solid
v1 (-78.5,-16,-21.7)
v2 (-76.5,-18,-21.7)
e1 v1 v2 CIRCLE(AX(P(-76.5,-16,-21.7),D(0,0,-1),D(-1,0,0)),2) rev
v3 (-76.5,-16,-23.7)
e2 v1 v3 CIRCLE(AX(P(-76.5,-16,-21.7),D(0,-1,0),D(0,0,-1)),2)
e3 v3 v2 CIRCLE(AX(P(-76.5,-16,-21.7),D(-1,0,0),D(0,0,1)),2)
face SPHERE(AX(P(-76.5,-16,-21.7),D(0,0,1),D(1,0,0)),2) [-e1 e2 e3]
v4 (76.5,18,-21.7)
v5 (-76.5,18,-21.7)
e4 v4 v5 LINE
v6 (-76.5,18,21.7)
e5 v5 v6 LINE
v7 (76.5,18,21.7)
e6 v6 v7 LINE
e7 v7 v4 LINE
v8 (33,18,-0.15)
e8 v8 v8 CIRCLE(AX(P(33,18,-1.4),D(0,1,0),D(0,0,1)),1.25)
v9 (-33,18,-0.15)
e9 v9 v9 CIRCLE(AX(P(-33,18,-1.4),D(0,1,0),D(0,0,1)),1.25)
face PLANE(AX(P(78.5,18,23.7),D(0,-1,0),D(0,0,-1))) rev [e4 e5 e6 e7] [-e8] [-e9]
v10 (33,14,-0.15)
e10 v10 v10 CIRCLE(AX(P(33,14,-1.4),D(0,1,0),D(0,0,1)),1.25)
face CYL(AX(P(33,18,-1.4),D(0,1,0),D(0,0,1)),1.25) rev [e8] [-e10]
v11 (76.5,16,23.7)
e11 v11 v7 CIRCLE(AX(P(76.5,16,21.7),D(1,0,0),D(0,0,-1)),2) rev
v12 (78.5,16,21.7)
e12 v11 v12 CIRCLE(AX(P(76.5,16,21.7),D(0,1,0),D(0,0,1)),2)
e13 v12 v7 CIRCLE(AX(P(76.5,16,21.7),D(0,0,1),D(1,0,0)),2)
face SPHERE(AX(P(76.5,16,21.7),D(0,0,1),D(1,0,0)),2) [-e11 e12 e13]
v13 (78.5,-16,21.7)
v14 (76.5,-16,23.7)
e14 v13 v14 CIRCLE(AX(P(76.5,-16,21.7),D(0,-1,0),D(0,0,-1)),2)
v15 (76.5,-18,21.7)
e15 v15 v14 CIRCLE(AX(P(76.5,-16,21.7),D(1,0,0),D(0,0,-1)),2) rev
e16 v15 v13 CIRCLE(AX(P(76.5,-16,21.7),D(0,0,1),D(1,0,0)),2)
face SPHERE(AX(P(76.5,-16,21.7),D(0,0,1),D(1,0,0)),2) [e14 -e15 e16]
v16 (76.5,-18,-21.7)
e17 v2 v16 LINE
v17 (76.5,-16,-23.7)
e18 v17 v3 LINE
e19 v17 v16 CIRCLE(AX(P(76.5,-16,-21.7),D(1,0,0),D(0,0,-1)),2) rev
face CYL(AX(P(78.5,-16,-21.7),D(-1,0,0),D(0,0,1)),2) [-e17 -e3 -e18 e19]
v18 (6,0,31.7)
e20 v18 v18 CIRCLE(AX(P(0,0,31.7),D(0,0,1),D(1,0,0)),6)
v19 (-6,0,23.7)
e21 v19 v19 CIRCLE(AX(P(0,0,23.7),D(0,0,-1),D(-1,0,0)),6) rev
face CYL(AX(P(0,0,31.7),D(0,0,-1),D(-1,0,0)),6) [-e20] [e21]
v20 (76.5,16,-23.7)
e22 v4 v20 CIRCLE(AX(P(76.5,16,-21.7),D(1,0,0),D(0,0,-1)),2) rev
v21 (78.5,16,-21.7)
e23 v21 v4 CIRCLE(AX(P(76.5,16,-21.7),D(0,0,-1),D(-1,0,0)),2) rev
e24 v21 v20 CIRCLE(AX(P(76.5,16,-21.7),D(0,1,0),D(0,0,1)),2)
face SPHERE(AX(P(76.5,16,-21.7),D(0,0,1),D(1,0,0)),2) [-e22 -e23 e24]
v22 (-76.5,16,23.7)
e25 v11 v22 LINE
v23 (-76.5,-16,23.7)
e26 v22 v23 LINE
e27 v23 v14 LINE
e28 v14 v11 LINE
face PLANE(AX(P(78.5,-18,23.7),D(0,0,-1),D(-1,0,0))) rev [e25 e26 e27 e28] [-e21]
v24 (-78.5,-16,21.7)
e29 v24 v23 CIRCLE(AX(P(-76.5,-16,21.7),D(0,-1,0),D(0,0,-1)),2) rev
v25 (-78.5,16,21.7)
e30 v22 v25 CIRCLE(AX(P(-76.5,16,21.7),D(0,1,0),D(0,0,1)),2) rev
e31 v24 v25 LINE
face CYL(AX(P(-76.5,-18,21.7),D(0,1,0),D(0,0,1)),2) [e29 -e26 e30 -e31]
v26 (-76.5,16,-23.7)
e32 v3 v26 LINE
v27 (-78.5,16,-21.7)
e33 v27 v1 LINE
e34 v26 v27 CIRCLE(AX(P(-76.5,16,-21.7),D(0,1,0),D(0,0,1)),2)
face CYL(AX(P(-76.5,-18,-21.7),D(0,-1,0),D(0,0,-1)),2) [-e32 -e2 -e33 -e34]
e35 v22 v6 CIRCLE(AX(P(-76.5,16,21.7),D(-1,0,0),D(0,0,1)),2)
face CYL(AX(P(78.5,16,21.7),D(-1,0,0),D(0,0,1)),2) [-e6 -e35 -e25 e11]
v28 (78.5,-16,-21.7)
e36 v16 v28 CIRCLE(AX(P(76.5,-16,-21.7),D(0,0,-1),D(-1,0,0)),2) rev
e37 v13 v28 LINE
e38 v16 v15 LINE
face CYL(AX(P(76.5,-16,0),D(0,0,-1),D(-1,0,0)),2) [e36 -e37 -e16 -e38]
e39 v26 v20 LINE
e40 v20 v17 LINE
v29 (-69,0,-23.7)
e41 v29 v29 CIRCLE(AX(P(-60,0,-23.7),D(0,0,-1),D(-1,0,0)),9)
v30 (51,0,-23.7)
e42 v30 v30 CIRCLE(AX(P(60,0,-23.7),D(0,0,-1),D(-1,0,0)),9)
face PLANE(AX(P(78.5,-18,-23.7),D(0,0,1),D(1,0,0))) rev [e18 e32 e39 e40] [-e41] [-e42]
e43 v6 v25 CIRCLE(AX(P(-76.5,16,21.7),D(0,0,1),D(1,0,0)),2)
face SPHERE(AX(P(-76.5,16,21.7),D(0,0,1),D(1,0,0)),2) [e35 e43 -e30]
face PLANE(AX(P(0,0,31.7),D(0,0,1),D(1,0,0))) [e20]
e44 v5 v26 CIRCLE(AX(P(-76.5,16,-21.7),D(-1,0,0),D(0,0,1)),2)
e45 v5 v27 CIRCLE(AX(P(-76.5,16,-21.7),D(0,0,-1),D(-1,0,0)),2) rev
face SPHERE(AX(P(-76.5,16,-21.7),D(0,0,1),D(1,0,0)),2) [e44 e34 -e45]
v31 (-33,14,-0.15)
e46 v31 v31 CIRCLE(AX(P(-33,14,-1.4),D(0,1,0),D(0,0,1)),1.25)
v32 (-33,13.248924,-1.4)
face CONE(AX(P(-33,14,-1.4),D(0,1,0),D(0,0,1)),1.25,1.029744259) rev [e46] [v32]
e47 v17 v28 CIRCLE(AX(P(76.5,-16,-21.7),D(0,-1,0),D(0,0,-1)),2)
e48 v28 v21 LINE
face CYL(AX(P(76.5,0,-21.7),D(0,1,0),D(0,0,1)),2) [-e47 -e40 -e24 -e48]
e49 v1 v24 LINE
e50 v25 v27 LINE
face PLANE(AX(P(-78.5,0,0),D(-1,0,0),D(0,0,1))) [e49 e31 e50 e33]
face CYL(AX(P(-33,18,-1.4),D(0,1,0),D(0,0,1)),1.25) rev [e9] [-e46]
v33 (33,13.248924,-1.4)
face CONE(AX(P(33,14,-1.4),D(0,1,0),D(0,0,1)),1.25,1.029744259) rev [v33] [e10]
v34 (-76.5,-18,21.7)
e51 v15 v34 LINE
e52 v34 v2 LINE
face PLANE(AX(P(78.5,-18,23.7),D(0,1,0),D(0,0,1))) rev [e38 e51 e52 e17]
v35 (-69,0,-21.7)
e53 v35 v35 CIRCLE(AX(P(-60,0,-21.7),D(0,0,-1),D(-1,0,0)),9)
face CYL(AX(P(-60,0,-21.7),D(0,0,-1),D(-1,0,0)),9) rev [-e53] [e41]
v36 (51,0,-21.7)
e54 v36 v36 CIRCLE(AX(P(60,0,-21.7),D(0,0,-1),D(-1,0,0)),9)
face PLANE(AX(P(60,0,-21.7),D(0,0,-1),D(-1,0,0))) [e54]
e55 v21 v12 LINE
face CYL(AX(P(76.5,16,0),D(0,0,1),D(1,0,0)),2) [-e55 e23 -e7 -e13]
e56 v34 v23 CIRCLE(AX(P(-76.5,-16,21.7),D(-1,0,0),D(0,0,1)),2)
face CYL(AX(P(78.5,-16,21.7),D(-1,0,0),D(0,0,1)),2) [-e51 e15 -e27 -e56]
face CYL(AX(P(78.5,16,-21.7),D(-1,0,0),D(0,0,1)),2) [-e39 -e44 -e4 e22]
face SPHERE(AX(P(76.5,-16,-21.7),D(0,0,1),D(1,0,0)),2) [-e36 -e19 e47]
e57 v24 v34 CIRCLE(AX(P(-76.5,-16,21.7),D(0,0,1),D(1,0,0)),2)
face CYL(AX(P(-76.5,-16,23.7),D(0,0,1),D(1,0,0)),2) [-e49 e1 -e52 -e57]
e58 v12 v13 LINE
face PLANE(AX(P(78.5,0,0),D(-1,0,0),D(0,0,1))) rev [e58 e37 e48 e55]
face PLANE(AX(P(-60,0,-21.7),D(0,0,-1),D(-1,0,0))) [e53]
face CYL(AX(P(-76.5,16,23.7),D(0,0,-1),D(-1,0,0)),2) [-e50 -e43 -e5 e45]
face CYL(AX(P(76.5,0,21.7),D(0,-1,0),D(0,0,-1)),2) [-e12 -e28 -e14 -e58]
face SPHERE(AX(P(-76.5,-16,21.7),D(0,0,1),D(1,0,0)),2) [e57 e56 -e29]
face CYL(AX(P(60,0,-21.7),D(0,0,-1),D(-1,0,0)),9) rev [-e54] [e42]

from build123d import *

# Parameters (mm, degrees)
SKETCH_1_W             = 47.4
SKETCH_1_H             = 36
EXTRUDE_1_DEPTH        = 78.5
FILLET_1_R             = 2
HOLE_WIZARD_M3_1_D     = 2.5
HOLE_WIZARD_M3_1_DEPTH = 4
HOLE_WIZARD_M3_1_TIP   = 0.751075774
SKETCH_4_R             = 9
CUT_EXTRUDE_1_DEPTH    = 2
SKETCH_5_R             = 6
EXTRUDE_2_DEPTH        = 8


with BuildPart() as part:
    # 草图1 → 凸台-拉伸1 (new, symmetric)
    with BuildSketch(Plane(origin=(0, 0, 0), x_dir=(0, 0, -1), z_dir=(1, 0, 0))):
        Rectangle(SKETCH_1_W, SKETCH_1_H)
    extrude(amount=EXTRUDE_1_DEPTH, both=True)

    # 圆角1
    fillet_1_edges = [part.edges().sort_by_distance(p)[0] for p in [
        (78.5, 0, 23.7),
        (78.5, -18, 0),
        (78.5, 0, -23.7),
        (-78.5, -18, 0),
        (-78.5, 0, 23.7),
        (-78.5, 18, 0),
        (-78.5, 0, -23.7),
        (78.5, 18, 0),
        (0, -18, -23.7),
        (0, -18, 23.7),
        (0, 18, 23.7),
        (0, 18, -23.7),
    ]]
    fillet(fillet_1_edges, radius=FILLET_1_R)

    # M3 螺纹孔1
    with Locations(Plane(origin=(0, 18, 41.7), x_dir=(1, 0, 0), z_dir=(0, 1, 0))):
        with Locations((-33, 43.1), (33, 43.1)):
            Hole(HOLE_WIZARD_M3_1_D / 2, depth=HOLE_WIZARD_M3_1_DEPTH)
            with Locations((0, 0, -(HOLE_WIZARD_M3_1_DEPTH + HOLE_WIZARD_M3_1_TIP / 2))):  # 118° drill point
                Cone(0, HOLE_WIZARD_M3_1_D / 2, HOLE_WIZARD_M3_1_TIP, mode=Mode.SUBTRACT)

    # 草图4 → 切除-拉伸1 (cut)
    with BuildSketch(Plane(origin=(0, 0, -23.7), x_dir=(-1, 0, 0), z_dir=(0, 0, -1))):
        with Locations((60, 0)):
            Circle(SKETCH_4_R)
        with Locations((-60, 0)):
            Circle(SKETCH_4_R)
    extrude(amount=-CUT_EXTRUDE_1_DEPTH, mode=Mode.SUBTRACT)

    # 草图5 → 凸台-拉伸2 (add)
    with BuildSketch(Plane.XY.offset(23.7)):
        with Locations(Location((0, 0, 0), (0, 0, 180))):
            Circle(SKETCH_5_R)
    extrude(amount=EXTRUDE_2_DEPTH)


solid = part.part
